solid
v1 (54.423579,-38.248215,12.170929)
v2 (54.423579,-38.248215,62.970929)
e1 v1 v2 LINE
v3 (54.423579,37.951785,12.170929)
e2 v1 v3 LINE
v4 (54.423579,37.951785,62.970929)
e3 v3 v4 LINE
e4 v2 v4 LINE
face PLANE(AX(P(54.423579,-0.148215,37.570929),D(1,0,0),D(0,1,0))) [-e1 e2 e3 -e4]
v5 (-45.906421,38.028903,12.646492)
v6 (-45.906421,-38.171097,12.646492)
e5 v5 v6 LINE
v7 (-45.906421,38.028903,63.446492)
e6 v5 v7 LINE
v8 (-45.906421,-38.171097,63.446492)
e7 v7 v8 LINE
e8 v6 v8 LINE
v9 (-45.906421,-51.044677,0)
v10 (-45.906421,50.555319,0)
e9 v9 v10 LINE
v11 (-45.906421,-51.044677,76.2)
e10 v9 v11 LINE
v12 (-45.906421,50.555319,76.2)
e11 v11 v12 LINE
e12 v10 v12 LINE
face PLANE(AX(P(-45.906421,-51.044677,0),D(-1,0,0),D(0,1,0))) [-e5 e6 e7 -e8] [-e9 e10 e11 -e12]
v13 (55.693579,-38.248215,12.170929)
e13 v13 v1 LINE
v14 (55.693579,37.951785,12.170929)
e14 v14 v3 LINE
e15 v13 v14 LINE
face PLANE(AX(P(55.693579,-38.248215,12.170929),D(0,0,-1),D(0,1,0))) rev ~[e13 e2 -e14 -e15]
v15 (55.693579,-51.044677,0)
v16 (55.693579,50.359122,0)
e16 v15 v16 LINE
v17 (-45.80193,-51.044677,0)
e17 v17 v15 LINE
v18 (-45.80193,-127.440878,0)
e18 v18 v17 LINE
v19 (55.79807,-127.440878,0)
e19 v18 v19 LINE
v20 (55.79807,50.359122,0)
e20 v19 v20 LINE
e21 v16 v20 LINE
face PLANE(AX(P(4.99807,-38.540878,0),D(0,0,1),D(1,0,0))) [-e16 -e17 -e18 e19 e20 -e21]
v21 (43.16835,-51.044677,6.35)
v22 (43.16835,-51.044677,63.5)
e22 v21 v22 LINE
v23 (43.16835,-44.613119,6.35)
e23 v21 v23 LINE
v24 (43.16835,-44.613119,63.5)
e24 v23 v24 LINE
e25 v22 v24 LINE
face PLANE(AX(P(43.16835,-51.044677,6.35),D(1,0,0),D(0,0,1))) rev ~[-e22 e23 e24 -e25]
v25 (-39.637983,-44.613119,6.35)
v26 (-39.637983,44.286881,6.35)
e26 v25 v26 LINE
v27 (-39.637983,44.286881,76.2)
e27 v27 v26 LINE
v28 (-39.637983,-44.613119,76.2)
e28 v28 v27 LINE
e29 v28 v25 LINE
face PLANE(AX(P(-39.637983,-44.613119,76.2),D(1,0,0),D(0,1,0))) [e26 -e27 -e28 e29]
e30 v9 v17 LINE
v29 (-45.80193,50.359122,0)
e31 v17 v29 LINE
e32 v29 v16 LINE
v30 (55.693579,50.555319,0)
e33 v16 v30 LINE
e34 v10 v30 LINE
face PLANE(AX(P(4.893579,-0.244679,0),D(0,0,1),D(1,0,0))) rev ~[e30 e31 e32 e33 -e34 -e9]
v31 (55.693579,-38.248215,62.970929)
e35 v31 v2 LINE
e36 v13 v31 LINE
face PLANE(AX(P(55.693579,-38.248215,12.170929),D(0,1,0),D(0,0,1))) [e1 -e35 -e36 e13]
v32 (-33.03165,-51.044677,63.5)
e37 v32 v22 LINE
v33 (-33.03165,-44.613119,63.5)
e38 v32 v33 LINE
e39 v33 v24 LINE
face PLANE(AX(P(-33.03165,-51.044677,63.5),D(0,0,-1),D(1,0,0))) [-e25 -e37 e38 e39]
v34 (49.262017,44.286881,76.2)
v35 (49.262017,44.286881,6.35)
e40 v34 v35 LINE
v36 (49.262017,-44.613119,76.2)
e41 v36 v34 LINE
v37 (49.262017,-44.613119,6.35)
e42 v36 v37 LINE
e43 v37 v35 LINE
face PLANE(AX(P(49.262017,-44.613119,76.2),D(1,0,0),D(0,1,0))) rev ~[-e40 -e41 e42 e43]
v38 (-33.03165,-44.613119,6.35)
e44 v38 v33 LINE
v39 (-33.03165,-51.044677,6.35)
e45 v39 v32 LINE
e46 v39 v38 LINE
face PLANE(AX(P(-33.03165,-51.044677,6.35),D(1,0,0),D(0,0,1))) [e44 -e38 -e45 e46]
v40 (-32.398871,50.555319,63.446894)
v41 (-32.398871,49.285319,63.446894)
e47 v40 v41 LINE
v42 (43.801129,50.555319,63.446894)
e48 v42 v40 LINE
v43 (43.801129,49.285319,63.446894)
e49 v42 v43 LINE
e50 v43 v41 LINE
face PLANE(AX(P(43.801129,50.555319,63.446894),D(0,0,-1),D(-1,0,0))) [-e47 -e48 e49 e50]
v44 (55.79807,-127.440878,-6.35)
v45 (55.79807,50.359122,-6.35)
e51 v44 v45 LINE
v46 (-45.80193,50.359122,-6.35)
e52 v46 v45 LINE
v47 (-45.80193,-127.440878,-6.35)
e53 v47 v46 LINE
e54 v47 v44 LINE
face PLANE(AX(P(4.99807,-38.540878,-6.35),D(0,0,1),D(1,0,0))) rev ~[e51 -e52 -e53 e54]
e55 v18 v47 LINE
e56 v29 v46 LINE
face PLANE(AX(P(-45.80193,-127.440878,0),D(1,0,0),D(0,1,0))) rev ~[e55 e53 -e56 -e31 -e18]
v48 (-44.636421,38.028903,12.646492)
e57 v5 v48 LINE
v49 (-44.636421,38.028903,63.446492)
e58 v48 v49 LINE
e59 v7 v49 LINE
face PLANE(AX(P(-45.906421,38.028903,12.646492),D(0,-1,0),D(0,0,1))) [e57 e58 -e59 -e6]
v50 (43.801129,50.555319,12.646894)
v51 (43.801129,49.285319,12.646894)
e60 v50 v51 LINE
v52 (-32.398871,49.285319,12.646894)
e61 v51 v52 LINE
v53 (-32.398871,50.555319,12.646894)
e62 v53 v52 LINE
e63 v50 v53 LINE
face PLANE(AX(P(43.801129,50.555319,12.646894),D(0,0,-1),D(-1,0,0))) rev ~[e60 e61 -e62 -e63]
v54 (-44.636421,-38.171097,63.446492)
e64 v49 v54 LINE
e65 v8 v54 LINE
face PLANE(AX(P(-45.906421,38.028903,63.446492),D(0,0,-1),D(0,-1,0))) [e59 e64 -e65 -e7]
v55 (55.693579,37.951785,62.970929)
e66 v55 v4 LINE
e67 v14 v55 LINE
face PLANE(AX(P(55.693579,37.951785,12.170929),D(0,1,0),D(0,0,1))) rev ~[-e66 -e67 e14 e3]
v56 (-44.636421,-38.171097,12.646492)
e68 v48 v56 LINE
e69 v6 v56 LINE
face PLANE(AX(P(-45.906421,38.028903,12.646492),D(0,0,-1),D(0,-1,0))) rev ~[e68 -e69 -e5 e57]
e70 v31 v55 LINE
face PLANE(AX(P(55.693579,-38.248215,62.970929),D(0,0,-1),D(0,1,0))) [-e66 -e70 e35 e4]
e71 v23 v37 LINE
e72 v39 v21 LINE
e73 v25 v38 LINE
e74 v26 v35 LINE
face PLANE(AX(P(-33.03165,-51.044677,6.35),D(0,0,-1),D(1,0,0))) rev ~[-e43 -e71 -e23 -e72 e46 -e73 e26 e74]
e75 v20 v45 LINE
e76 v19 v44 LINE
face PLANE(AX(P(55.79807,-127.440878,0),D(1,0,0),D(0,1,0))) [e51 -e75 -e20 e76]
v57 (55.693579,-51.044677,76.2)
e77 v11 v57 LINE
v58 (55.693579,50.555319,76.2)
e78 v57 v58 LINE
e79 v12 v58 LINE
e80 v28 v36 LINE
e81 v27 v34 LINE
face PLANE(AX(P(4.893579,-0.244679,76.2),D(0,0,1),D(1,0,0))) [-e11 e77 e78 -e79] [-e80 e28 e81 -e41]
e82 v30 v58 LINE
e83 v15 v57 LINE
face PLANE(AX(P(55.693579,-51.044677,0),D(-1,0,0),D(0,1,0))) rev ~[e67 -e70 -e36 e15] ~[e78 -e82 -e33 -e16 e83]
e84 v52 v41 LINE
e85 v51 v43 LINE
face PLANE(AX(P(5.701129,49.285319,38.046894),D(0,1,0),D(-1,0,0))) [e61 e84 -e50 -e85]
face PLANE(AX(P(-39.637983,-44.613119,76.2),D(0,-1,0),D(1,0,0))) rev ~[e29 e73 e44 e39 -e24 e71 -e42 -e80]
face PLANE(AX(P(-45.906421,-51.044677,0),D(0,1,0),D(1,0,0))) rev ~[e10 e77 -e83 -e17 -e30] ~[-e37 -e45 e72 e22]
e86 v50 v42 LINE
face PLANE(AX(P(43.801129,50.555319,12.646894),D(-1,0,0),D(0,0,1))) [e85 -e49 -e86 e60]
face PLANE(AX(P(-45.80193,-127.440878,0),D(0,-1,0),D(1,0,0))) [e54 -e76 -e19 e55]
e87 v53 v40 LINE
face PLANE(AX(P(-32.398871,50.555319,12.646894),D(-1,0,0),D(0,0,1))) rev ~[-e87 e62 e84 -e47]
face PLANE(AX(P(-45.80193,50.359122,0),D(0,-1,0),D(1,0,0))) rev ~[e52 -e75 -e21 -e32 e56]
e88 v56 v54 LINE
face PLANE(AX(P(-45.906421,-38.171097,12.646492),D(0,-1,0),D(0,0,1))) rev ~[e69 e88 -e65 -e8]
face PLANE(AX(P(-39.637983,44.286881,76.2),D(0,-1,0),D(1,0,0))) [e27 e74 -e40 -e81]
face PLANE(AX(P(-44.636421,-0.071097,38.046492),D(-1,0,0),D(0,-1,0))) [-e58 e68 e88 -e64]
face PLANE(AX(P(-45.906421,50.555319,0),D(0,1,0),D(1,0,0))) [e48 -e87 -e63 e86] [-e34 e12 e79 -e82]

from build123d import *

# Parameters (mm, degrees)
F0_W      = 101.6
F0_H      = 101.599996
F1_DEPTH  = 76.2
F2_W      = 88.9
F2_H      = 88.9
F3_DEPTH  = 69.85
F4_W      = 76.2
F4_H      = 57.15
F5_DEPTH  = 12.7
F6_W      = 76.2
F6_H      = 50.8
F7_DEPTH  = 1.27
F8_W      = 76.2
F8_H      = 50.8
F9_DEPTH  = 1.27
F10_W     = 76.2
F10_H     = 50.8
F11_DEPTH = 1.27
F12_W     = 101.6
F12_H     = 177.8
F13_DEPTH = 6.35


with BuildPart() as f1:
    # F0 (on Top) → F1 (new body)
    with BuildSketch(Plane.XY):
        with Locations((4.893579, -0.244679)):
            Rectangle(F0_W, F0_H)
    extrude(amount=F1_DEPTH)

    # F2 (on face) → F3 (cut)
    with BuildSketch(Plane.XY.offset(76.2)):
        with Locations((4.812017, -0.163119)):
            Rectangle(F2_W, F2_H)
    extrude(amount=-F3_DEPTH, mode=Mode.SUBTRACT)

    # F4 (on face) → F5 (cut)
    with BuildSketch(Plane.XZ.offset(51.044677)):
        with Locations((5.06835, 34.925)):
            Rectangle(F4_W, F4_H)
    extrude(amount=-F5_DEPTH, mode=Mode.SUBTRACT)

    # F6 (on face) → F7 (cut)
    with BuildSketch(Plane(origin=(-45.906421, 0, 0), x_dir=(0, -1, 0), z_dir=(-1, 0, 0))):
        with Locations((0.071097, 38.046492)):
            Rectangle(F6_W, F6_H)
    extrude(amount=-F7_DEPTH, mode=Mode.SUBTRACT)

    # F8 (on face) → F9 (cut)
    with BuildSketch(Plane(origin=(0, 50.555319, 0), x_dir=(-1, 0, 0), z_dir=(0, 1, 0))):
        with Locations((-5.701129, 38.046894)):
            Rectangle(F8_W, F8_H)
    extrude(amount=-F9_DEPTH, mode=Mode.SUBTRACT)

    # F10 (on face) → F11 (cut)
    with BuildSketch(Plane.YZ.offset(55.693579)):
        with Locations((-0.148215, 37.570929)):
            Rectangle(F10_W, F10_H)
    extrude(amount=-F11_DEPTH, mode=Mode.SUBTRACT)

    # F12 (on Top) → F13 (join)
    with BuildSketch(Plane.XY):
        with Locations((4.99807, -38.540878)):
            Rectangle(F12_W, F12_H)
    extrude(amount=-F13_DEPTH)


solid = f1.part
